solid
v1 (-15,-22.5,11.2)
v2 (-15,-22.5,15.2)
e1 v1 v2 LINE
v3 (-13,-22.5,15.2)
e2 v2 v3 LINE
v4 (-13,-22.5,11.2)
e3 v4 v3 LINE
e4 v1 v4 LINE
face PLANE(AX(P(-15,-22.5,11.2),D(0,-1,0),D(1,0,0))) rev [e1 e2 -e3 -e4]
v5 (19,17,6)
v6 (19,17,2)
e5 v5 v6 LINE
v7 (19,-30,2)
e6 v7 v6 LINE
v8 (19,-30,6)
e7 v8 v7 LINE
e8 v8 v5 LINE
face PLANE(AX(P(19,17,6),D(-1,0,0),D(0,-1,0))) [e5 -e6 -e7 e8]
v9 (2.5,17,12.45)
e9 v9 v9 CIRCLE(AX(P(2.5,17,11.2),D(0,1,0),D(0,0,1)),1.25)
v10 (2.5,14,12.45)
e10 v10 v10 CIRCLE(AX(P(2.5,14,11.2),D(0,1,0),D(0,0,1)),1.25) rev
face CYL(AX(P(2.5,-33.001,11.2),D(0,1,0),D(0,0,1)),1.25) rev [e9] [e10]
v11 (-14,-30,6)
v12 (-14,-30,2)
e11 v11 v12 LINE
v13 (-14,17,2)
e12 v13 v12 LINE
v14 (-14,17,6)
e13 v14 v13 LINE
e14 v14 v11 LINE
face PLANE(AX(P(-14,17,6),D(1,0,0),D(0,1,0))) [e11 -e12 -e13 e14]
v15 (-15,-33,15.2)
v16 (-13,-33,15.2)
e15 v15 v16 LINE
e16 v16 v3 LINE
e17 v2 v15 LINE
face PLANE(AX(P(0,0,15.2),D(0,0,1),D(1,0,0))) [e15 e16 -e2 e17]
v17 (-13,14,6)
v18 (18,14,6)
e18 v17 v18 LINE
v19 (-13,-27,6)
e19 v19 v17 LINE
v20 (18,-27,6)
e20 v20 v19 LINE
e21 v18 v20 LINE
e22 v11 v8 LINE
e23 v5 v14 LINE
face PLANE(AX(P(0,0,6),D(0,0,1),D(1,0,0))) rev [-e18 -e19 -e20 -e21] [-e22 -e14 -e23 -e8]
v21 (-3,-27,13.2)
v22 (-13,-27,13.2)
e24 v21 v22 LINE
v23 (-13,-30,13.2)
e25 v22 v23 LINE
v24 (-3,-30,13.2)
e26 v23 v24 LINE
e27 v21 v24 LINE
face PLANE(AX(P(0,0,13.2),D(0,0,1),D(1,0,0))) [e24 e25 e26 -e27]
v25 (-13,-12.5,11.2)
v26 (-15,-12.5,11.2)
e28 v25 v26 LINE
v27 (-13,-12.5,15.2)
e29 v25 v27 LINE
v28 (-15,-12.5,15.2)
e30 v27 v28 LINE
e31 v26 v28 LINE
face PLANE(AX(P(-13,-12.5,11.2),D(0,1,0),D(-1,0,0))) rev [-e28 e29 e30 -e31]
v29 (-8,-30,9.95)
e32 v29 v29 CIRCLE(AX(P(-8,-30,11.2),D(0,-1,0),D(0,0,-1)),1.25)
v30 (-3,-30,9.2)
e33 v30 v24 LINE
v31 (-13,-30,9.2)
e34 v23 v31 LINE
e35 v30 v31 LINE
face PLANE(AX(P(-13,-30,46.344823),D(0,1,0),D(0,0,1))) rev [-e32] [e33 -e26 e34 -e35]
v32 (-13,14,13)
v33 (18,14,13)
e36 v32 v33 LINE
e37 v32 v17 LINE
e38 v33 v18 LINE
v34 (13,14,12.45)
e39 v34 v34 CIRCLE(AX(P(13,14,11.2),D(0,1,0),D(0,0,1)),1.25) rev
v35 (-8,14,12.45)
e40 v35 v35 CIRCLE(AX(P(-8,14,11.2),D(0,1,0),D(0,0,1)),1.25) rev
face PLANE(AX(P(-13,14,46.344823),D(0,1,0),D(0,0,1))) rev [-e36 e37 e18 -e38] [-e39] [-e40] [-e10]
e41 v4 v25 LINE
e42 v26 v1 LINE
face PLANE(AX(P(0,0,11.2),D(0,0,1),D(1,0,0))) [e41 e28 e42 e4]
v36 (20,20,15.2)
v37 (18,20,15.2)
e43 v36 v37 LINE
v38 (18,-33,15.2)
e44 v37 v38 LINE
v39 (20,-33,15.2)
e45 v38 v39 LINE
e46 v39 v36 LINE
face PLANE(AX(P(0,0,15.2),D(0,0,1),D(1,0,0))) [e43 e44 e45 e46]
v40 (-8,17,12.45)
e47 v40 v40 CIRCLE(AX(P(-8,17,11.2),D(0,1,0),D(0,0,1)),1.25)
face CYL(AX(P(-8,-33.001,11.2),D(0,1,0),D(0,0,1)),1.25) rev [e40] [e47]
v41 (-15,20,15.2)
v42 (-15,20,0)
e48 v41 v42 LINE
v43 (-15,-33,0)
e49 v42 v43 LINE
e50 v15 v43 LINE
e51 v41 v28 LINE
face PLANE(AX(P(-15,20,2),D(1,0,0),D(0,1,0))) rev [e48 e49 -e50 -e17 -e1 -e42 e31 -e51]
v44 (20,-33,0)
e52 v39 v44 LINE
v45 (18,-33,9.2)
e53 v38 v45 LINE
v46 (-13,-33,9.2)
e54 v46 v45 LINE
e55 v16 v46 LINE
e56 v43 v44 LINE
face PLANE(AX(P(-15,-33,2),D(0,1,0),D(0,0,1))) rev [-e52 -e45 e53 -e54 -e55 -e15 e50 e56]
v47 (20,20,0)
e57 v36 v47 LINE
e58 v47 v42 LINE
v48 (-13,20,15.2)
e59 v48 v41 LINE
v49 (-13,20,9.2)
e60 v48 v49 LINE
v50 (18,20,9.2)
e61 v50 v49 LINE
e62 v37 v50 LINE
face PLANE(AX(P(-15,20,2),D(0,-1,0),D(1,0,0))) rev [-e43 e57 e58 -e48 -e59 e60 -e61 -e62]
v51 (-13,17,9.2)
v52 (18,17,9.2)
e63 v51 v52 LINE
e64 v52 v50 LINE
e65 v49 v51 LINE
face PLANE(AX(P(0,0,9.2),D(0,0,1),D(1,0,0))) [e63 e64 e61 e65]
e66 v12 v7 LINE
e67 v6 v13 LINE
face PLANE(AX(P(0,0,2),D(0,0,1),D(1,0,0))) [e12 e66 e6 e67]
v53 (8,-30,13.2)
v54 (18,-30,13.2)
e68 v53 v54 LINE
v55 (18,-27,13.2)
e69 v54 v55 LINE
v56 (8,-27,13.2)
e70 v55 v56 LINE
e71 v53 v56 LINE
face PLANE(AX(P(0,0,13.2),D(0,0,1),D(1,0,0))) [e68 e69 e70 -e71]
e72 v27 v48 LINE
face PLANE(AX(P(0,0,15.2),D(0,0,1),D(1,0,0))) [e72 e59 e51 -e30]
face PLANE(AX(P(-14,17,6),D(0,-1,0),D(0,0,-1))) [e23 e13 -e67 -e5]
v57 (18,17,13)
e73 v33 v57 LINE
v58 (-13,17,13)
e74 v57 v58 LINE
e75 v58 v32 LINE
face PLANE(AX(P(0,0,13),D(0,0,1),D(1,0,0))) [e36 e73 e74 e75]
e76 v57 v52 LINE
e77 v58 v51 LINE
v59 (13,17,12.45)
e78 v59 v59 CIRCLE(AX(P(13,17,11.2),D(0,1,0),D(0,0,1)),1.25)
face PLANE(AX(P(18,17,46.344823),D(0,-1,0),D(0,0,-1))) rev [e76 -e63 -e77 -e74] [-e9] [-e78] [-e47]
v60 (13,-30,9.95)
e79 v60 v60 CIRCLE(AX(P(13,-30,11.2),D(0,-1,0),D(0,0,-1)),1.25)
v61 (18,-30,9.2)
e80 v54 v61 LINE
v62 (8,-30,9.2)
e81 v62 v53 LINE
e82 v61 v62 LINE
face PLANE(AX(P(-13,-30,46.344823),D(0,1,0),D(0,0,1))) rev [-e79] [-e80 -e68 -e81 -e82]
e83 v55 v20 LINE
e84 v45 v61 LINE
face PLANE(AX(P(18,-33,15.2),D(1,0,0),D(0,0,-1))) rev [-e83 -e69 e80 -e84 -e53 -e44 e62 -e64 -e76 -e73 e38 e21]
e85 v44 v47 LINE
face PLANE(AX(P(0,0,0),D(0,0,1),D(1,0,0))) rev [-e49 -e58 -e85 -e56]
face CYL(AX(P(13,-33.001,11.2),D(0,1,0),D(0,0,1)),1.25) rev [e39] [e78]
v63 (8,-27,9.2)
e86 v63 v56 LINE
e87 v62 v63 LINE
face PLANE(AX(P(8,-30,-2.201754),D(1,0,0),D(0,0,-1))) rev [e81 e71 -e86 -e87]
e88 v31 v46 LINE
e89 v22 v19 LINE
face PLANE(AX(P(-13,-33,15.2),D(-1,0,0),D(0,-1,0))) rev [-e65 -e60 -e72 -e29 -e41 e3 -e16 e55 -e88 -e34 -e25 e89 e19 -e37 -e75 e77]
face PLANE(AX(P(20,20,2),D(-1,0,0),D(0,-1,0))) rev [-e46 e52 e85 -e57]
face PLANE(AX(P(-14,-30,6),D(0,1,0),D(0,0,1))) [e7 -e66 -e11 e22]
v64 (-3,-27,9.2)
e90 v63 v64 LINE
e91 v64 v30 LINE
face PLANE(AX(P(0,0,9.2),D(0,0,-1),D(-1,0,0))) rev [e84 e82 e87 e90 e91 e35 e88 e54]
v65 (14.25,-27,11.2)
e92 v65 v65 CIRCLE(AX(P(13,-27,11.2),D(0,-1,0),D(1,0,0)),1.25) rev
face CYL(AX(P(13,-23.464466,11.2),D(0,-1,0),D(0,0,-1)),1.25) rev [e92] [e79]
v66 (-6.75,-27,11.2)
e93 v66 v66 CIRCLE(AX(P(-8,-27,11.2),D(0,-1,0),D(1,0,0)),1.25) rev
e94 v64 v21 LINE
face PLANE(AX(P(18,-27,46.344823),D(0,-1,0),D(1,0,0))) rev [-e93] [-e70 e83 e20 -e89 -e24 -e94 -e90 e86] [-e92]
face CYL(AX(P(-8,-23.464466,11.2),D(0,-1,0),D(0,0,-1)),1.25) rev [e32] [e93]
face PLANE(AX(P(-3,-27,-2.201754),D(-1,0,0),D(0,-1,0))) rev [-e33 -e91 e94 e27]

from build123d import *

# Parameters (mm, degrees)
SKETCH_1_W          = 35
SKETCH_1_H          = 53
EXTRUDE_1_DEPTH     = 2
SKETCH_2_W          = 2
SKETCH_2_H          = 53
EXTRUDE_2_DEPTH     = 13.2
SKETCH_3_W          = 31
SKETCH_3_H          = 3
EXTRUDE_3_DEPTH     = 7.2
SKETCH_4_W          = 31
SKETCH_4_H          = 3
EXTRUDE_4_DEPTH     = 13.2
CUT_EXTRUDE_1_REACH = 57.956
SKETCH_5_R          = 1.25
SKETCH_7_W          = 31
SKETCH_7_H          = 3
CUT_EXTRUDE_2_DEPTH = 2.2
SKETCH_8_W          = 31
SKETCH_8_H          = 3
CUT_EXTRUDE_3_DEPTH = 2
SKETCH_10_W         = 11
SKETCH_10_H         = 3
CUT_EXTRUDE_4_DEPTH = 4
CUT_EXTRUDE_START   = -3
SKETCH_9_R          = 1.25
CUT_EXTRUDE_5_DEPTH = 3
SKETCH_12_W         = 2
SKETCH_12_H         = 10
CUT_EXTRUDE_6_DEPTH = 4
SKETCH_13_W         = 33
SKETCH_13_H         = 47
CUT_EXTRUDE_7_DEPTH = 4


with BuildPart() as part:
    # 草图1 → 凸台-拉伸1 (new body)
    with BuildSketch(Plane.XY):
        with Locations((2.5, -6.5)):
            Rectangle(SKETCH_1_W, SKETCH_1_H)
    extrude(amount=EXTRUDE_1_DEPTH)

    # 草图2 → 凸台-拉伸2 (add)
    with BuildSketch(Plane.XY.offset(2)):
        with Locations((-14, -6.5)):
            Rectangle(SKETCH_2_W, SKETCH_2_H)
        with Locations((19, -6.5)):
            Rectangle(SKETCH_2_W, SKETCH_2_H)
    extrude(amount=EXTRUDE_2_DEPTH)

    # 草图3 → 凸台-拉伸3 (add)
    with BuildSketch(Plane.XY.offset(2)):
        with Locations((2.5, 18.5)):
            Rectangle(SKETCH_3_W, SKETCH_3_H)
        with Locations((2.5, -31.5)):
            Rectangle(SKETCH_3_W, SKETCH_3_H)
    extrude(amount=EXTRUDE_3_DEPTH)

    # 草图4 → 凸台-拉伸4 (add)
    with BuildSketch(Plane.XY.offset(2)):
        with Locations((2.5, 15.5)):
            Rectangle(SKETCH_4_W, SKETCH_4_H)
        with Locations((2.5, -28.5)):
            Rectangle(SKETCH_4_W, SKETCH_4_H)
    extrude(amount=EXTRUDE_4_DEPTH)

    # 草图5 → 切除-拉伸1 (cut, up to next)
    with BuildSketch(Plane(origin=(0, 17, 0), x_dir=(1, 0, 0), z_dir=(0, 1, 0)), mode=Mode.PRIVATE) as cut_extrude_1_sk1:
        with Locations(Location((-8, -11.2, 0), (0, 0, 270))):
            Circle(SKETCH_5_R)
    cut_extrude_1_tool1 = extrude(cut_extrude_1_sk1.sketch, amount=-CUT_EXTRUDE_1_REACH, mode=Mode.PRIVATE) & part.part
    # 草图5 → 切除-拉伸1 (cut, up to next)
    with BuildSketch(Plane(origin=(0, 17, 0), x_dir=(1, 0, 0), z_dir=(0, 1, 0)), mode=Mode.PRIVATE) as cut_extrude_1_sk2:
        with Locations(Location((2.5, -11.2, 0), (0, 0, 270))):
            Circle(SKETCH_5_R)
    cut_extrude_1_tool2 = extrude(cut_extrude_1_sk2.sketch, amount=-CUT_EXTRUDE_1_REACH, mode=Mode.PRIVATE) & part.part
    # 草图5 → 切除-拉伸1 (cut, up to next)
    with BuildSketch(Plane(origin=(0, 17, 0), x_dir=(1, 0, 0), z_dir=(0, 1, 0)), mode=Mode.PRIVATE) as cut_extrude_1_sk3:
        with Locations(Location((13, -11.2, 0), (0, 0, 270))):
            Circle(SKETCH_5_R)
    cut_extrude_1_tool3 = extrude(cut_extrude_1_sk3.sketch, amount=-CUT_EXTRUDE_1_REACH, mode=Mode.PRIVATE) & part.part
    add(cut_extrude_1_tool1.solids().sort_by_distance((-8, 17, 11.2))[0], mode=Mode.SUBTRACT)
    add(cut_extrude_1_tool2.solids().sort_by_distance((2.5, 17, 11.2))[0], mode=Mode.SUBTRACT)
    add(cut_extrude_1_tool3.solids().sort_by_distance((13, 17, 11.2))[0], mode=Mode.SUBTRACT)

    # 草图7 → 切除-拉伸2 (cut)
    with BuildSketch(Plane.XY.offset(15.2)):
        with Locations((2.5, 15.5)):
            Rectangle(SKETCH_7_W, SKETCH_7_H)
    extrude(amount=-CUT_EXTRUDE_2_DEPTH, mode=Mode.SUBTRACT)

    # 草图8 → 切除-拉伸3 (cut)
    with BuildSketch(Plane.XY.offset(15.2)):
        with Locations((2.5, -28.5)):
            Rectangle(SKETCH_8_W, SKETCH_8_H)
    extrude(amount=-CUT_EXTRUDE_3_DEPTH, mode=Mode.SUBTRACT)

    # 草图10 → 切除-拉伸4 (cut)
    with BuildSketch(Plane.XY.offset(13.2)):
        with Locations((2.5, -28.5)):
            Rectangle(SKETCH_10_W, SKETCH_10_H)
    extrude(amount=-CUT_EXTRUDE_4_DEPTH, mode=Mode.SUBTRACT)

    # 草图9 → 切除-拉伸5 (cut)
    with BuildSketch(Plane.XZ.offset(30).offset(CUT_EXTRUDE_START)):
        with Locations(Location((-8, 11.2, 0), (0, 0, 90))):
            Circle(SKETCH_9_R)
        with Locations(Location((13, 11.2, 0), (0, 0, 90))):
            Circle(SKETCH_9_R)
    extrude(amount=CUT_EXTRUDE_5_DEPTH, mode=Mode.SUBTRACT)

    # 草图12 → 切除-拉伸6 (cut)
    with BuildSketch(Plane.XY.offset(15.2)):
        with Locations((-14, -17.5)):
            Rectangle(SKETCH_12_W, SKETCH_12_H)
    extrude(amount=-CUT_EXTRUDE_6_DEPTH, mode=Mode.SUBTRACT)

    # 草图13 → 切除-拉伸7 (cut)
    with BuildSketch(Plane.XY.offset(2)):
        with Locations((2.5, -6.5)):
            Rectangle(SKETCH_13_W, SKETCH_13_H)
    extrude(amount=CUT_EXTRUDE_7_DEPTH, mode=Mode.SUBTRACT)


solid = part.part
